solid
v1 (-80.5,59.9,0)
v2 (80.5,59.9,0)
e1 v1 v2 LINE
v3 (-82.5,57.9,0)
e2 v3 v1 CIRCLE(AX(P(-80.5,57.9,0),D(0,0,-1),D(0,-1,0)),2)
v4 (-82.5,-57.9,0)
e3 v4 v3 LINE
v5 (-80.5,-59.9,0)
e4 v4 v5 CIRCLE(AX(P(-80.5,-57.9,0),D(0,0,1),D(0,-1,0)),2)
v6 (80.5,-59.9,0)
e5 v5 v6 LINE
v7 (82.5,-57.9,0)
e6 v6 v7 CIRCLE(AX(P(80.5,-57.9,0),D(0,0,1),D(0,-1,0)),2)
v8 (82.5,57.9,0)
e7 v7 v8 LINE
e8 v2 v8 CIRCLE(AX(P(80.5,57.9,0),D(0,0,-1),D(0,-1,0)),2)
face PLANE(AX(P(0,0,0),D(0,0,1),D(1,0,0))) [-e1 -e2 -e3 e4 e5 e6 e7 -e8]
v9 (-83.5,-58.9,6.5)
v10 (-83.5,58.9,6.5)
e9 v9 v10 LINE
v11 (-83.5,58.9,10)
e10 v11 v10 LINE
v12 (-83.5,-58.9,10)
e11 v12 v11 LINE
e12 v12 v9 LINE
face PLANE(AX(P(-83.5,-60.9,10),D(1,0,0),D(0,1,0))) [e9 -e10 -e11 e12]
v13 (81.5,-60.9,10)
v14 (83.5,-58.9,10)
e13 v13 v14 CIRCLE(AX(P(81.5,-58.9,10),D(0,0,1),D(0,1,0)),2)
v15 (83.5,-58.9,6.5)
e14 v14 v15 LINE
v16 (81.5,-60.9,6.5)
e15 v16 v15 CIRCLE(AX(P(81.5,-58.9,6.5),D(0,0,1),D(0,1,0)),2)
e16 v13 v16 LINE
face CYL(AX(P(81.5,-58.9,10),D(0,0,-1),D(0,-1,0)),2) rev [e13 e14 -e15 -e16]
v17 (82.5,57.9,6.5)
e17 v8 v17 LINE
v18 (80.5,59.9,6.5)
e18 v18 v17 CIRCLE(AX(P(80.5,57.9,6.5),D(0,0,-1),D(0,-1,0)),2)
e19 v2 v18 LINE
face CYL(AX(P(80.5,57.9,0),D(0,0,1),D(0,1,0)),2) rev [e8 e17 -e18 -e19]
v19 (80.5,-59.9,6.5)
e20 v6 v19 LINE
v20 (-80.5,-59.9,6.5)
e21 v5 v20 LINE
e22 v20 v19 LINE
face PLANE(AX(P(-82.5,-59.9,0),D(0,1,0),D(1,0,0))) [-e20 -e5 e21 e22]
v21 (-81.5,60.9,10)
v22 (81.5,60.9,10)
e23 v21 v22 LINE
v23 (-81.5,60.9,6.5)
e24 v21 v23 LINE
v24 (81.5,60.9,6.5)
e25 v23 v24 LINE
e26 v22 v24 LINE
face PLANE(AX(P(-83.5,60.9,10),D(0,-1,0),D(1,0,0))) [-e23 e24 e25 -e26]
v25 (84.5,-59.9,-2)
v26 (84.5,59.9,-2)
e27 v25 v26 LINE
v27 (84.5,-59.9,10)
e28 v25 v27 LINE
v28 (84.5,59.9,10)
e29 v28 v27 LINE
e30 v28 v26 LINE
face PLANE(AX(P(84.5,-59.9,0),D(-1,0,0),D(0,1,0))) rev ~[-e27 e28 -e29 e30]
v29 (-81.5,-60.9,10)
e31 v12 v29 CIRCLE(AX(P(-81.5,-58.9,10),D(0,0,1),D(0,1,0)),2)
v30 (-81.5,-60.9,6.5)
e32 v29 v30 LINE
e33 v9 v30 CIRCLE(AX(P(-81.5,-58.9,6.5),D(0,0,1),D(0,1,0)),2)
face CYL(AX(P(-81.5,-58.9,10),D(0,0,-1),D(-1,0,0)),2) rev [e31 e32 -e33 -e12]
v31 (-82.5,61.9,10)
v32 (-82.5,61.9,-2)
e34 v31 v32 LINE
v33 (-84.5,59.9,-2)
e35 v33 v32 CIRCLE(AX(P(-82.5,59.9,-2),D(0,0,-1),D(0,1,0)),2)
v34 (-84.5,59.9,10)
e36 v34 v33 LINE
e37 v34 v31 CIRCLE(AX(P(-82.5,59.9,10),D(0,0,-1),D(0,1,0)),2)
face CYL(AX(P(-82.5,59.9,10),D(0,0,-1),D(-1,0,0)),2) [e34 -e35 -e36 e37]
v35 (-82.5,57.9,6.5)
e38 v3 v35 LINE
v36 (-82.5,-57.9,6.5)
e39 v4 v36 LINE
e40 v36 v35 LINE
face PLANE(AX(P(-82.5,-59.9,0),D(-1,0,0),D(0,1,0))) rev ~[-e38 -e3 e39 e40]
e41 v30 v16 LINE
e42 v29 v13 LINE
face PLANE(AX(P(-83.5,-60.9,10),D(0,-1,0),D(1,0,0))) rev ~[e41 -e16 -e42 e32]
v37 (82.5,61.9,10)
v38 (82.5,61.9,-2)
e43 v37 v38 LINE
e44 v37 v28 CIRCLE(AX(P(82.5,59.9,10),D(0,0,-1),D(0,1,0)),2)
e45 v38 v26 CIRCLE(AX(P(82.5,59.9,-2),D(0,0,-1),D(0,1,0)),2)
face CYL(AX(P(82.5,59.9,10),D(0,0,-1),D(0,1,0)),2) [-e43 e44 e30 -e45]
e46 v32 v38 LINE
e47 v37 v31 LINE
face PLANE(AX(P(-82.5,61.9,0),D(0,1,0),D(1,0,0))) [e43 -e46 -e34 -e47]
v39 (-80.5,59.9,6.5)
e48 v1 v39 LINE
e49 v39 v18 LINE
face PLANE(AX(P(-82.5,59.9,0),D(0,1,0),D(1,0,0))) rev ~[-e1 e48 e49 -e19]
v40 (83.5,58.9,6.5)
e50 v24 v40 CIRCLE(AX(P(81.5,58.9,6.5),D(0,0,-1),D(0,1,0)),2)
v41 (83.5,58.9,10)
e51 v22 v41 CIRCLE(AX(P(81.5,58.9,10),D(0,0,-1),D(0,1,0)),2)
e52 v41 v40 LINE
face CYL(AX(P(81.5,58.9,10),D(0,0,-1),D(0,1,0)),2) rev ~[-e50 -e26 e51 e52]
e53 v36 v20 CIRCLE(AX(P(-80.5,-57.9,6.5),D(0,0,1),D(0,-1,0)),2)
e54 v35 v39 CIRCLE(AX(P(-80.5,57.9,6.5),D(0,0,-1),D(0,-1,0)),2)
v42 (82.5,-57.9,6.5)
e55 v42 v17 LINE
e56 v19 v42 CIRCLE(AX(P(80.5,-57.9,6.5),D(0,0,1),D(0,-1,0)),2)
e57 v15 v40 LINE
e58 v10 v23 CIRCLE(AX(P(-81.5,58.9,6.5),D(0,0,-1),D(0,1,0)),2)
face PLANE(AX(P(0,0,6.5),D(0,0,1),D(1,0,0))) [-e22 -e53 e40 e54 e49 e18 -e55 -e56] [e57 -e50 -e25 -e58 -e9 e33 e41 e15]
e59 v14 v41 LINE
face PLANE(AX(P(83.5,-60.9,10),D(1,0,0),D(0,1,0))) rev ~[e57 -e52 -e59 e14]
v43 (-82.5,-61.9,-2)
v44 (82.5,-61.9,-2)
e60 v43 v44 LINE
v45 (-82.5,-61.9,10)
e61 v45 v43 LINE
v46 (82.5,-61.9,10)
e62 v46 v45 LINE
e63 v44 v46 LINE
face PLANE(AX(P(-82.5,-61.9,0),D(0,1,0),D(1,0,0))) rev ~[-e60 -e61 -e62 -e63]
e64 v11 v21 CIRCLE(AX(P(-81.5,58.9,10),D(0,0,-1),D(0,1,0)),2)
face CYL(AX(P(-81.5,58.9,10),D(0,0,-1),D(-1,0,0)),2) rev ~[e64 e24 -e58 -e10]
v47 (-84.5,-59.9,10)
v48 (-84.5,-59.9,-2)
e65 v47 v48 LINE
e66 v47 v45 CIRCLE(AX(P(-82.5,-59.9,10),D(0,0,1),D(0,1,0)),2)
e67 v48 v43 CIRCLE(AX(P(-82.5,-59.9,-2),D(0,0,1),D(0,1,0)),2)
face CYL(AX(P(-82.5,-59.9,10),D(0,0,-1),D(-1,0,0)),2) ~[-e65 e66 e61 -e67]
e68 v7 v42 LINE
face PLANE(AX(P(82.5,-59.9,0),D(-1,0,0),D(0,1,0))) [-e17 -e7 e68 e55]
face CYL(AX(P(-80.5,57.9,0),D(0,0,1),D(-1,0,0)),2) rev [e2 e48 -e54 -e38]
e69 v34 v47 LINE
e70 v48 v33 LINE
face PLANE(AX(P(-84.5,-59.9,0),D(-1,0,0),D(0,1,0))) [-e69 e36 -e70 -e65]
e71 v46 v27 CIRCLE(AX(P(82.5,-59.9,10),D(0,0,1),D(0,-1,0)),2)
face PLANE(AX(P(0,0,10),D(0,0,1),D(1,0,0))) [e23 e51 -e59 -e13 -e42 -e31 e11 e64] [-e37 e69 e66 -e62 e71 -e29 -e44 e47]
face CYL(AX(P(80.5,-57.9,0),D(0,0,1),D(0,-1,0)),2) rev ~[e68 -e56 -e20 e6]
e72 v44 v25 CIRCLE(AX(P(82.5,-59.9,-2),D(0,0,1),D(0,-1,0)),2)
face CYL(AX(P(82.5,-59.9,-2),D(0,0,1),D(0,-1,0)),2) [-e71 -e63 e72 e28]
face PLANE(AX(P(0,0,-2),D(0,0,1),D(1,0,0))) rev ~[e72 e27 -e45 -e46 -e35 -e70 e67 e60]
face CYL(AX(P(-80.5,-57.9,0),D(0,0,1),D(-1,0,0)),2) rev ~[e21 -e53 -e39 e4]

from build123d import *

# Parameters (mm, degrees)
F0_W     = 165
F0_H     = 119.8
F1_DEPTH = 10
F2_T     = 2
F3_W     = 167
F3_H     = 121.8
F4_DEPTH = 3.5
F5_R     = 2


with BuildPart() as f1:
    # F0 (on Top) → F1 (new body)
    with BuildSketch(Plane.XY):
        Rectangle(F0_W, F0_H)
    extrude(amount=F1_DEPTH)

    # F2
    f2_openings = [f1.faces().sort_by_distance(p)[0] for p in [
        (0, 0, 10),
    ]]
    offset(amount=F2_T, openings=f2_openings, kind=Kind.INTERSECTION)

    # F3 (on face) → F4 (cut)
    with BuildSketch(Plane.XY.offset(10)):
        Rectangle(F3_W, F3_H)
    extrude(amount=-F4_DEPTH, mode=Mode.SUBTRACT)

    # F5
    f5_edges = [f1.edges().sort_by_distance(p)[0] for p in [
        (-82.5, -59.9, 3.25),
        (82.5, -59.9, 3.25),
        (82.5, 59.9, 3.25),
        (-82.5, 59.9, 3.25),
        (-83.5, 60.9, 8.25),
        (-84.5, 61.9, 4),
        (83.5, 60.9, 8.25),
        (84.5, 61.9, 4),
        (-84.5, -61.9, 4),
        (-83.5, -60.9, 8.25),
        (84.5, -61.9, 4),
        (83.5, -60.9, 8.25),
    ]]
    fillet(f5_edges, radius=F5_R)


solid = f1.part
